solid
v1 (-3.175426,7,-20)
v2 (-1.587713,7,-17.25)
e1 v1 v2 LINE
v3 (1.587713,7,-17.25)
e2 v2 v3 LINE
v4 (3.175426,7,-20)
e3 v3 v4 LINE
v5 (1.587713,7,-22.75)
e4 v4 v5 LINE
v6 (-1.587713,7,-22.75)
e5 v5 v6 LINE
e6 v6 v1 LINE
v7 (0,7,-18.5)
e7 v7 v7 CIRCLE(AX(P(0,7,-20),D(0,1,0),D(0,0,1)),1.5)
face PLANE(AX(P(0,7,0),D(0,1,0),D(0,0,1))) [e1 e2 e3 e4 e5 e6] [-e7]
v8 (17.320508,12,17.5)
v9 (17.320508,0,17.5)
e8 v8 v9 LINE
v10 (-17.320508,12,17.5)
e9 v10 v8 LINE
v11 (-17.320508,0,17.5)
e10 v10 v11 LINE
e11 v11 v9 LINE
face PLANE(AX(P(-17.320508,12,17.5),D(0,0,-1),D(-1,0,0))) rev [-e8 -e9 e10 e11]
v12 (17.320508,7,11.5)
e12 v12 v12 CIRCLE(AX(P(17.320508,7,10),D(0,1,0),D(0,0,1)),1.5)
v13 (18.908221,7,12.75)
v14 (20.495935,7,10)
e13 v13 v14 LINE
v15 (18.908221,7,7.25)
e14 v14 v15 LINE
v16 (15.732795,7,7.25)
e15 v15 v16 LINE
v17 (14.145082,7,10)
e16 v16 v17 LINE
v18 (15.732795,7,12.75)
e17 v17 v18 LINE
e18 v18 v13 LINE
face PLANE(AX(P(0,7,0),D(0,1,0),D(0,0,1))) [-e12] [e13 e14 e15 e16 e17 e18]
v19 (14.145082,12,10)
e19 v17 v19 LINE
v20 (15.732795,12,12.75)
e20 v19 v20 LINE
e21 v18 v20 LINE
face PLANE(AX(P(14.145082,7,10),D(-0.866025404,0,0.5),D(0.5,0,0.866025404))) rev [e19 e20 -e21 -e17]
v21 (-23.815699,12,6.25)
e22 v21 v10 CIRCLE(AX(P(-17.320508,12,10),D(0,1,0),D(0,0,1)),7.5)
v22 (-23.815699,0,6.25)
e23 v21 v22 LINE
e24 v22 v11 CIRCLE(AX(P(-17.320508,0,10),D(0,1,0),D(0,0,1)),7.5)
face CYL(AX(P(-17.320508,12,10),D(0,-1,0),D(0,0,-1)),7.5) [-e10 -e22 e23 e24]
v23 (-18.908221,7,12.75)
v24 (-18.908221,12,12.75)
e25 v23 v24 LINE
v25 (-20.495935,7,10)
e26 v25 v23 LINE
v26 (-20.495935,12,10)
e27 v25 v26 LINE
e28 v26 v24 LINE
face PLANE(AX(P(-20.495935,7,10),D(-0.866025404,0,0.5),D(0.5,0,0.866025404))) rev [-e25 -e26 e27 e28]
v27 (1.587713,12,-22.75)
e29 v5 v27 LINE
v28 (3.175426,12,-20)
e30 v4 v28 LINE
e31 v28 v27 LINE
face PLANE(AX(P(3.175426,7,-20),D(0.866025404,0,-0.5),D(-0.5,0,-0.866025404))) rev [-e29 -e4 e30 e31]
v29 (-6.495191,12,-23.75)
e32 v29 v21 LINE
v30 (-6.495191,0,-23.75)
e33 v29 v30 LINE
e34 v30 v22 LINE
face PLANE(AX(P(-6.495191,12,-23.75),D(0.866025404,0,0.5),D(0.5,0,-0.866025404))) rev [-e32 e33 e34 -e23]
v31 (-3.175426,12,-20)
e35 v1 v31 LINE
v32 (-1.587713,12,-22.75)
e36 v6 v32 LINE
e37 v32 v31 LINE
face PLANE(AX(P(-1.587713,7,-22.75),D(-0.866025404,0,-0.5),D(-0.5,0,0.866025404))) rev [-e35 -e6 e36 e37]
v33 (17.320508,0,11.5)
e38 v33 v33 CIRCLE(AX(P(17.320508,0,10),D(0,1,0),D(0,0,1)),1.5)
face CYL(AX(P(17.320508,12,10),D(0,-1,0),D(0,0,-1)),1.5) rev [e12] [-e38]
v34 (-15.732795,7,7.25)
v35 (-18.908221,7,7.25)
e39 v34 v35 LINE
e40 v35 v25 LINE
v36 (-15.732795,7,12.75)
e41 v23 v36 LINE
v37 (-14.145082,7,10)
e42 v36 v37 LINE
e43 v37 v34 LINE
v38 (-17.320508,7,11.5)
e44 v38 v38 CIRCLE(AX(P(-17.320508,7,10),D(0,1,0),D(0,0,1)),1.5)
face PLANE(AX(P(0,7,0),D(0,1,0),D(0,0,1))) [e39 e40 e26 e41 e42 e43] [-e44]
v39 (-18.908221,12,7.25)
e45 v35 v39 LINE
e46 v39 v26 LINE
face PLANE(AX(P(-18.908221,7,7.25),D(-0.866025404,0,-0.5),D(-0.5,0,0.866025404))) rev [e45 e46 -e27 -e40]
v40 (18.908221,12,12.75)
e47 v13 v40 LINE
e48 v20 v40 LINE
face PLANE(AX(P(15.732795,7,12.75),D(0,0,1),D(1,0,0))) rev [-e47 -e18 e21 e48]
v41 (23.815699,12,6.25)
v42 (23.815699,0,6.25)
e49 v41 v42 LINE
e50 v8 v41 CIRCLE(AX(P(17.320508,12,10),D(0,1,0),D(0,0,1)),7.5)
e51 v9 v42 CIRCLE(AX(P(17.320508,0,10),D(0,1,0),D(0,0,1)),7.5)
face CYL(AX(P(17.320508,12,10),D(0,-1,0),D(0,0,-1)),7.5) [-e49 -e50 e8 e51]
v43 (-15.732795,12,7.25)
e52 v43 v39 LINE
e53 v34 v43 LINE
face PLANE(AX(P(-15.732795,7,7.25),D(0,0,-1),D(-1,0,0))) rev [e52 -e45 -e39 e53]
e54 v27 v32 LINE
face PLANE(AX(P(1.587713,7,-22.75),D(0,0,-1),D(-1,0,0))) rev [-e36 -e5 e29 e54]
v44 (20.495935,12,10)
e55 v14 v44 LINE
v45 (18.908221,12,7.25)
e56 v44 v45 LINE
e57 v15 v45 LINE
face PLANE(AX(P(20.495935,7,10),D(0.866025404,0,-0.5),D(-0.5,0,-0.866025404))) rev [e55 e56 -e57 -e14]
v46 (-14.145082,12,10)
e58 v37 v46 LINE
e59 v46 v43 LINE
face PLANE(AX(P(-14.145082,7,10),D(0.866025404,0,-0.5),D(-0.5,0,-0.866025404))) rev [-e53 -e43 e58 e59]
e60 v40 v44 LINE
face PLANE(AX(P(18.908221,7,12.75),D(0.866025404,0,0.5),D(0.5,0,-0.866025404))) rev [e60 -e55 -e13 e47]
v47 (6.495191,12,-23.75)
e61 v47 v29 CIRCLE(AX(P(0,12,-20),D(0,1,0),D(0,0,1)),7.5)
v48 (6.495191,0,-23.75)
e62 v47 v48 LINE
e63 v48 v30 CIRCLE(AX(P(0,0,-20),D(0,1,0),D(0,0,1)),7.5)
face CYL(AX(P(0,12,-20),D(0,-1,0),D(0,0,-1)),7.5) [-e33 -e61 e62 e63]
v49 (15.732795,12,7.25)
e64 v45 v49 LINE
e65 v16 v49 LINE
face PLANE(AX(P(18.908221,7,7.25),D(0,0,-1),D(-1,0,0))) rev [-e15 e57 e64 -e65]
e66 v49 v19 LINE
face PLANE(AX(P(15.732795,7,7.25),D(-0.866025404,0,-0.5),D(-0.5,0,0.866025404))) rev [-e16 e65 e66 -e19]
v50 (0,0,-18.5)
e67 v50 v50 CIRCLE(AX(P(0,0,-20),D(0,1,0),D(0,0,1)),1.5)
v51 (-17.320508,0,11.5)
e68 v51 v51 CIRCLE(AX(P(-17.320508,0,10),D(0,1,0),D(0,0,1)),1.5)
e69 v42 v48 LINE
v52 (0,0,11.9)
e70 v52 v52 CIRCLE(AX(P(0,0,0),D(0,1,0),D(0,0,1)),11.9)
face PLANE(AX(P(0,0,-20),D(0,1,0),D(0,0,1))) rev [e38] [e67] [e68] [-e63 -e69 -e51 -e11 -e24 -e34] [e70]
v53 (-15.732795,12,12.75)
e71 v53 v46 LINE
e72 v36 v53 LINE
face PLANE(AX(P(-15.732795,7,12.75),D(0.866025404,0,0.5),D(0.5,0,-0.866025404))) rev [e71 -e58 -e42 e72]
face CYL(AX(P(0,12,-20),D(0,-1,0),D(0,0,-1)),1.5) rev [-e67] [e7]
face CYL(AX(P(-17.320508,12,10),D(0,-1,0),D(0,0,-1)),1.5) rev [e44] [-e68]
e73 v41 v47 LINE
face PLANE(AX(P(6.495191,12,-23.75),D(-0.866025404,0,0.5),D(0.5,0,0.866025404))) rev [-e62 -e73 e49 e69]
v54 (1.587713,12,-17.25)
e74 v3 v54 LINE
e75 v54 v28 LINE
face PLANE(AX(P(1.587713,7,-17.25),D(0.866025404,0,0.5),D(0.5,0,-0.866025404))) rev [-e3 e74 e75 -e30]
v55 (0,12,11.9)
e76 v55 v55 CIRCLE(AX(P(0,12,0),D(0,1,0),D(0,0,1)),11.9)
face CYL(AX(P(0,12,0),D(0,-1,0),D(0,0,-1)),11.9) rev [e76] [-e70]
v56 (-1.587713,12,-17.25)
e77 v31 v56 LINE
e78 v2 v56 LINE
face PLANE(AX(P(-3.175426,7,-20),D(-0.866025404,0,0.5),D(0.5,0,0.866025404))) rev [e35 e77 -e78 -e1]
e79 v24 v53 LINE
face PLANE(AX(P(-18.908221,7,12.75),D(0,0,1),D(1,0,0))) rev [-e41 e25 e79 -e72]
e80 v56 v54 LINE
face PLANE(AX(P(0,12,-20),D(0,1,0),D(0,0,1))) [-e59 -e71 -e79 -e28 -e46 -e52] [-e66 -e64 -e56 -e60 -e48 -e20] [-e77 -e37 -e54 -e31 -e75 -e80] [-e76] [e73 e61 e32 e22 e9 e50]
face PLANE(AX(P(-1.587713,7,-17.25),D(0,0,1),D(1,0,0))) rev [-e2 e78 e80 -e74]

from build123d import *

# Parameters (mm, degrees)
ESQUISSE1_R             = 11.9
ESQUISSE1_R_2           = 1.5
BOSS_EXTRU_1_DEPTH      = 12
ENL_V_MAT_EXTRU_1_DEPTH = 5


with BuildPart() as part:
    # Esquisse1 → Boss.-Extru.1 (new body)
    with BuildSketch(Plane(origin=(0, 0, 0), x_dir=(1, 0, 0), z_dir=(0, 1, 0))):
        with BuildLine():
            Line((-6.495190528, 23.75), (-23.815698604, -6.25))
            ThreePointArc((-23.815698604, -6.25), (-23.815698604, -13.75), (-17.320508076, -17.5))
            Line((-17.320508076, -17.5), (17.320508076, -17.5))
            ThreePointArc((17.320508076, -17.5), (23.815698604, -13.75), (23.815698604, -6.25))
            Line((23.815698604, -6.25), (6.495190528, 23.75))
            ThreePointArc((6.495190528, 23.75), (0, 27.5), (-6.495190528, 23.75))
        make_face()
        with Locations(Location((0, 0, 0), (0, 0, 270))):
            Circle(ESQUISSE1_R, mode=Mode.SUBTRACT)
        with Locations(Location((-17.320508076, -10, 0), (0, 0, 270))):
            Circle(ESQUISSE1_R_2, mode=Mode.SUBTRACT)
        with Locations(Location((0, 20, 0), (0, 0, 270))):
            Circle(ESQUISSE1_R_2, mode=Mode.SUBTRACT)
        with Locations(Location((17.320508076, -10, 0), (0, 0, 270))):
            Circle(ESQUISSE1_R_2, mode=Mode.SUBTRACT)
    extrude(amount=BOSS_EXTRU_1_DEPTH)

    # Esquisse2 → Enlèv. mat.-Extru.1 (cut)
    with BuildSketch(Plane(origin=(0, 12, 0), x_dir=(1, 0, 0), z_dir=(0, 1, 0))):
        Polygon((-18.908221316, -7.25), (-20.495934556, -10), (-18.908221316, -12.75), (-15.732794835, -12.75), (-14.145081595, -10), (-15.732794835, -7.25), align=None)
        Polygon((-1.58771324, 22.75), (-3.175426481, 20), (-1.58771324, 17.25), (1.58771324, 17.25), (3.175426481, 20), (1.58771324, 22.75), align=None)
        Polygon((18.908221316, -7.25), (15.732794835, -7.25), (14.145081595, -10), (15.732794835, -12.75), (18.908221316, -12.75), (20.495934556, -10), align=None)
    extrude(amount=-ENL_V_MAT_EXTRU_1_DEPTH, mode=Mode.SUBTRACT)


solid = part.part
